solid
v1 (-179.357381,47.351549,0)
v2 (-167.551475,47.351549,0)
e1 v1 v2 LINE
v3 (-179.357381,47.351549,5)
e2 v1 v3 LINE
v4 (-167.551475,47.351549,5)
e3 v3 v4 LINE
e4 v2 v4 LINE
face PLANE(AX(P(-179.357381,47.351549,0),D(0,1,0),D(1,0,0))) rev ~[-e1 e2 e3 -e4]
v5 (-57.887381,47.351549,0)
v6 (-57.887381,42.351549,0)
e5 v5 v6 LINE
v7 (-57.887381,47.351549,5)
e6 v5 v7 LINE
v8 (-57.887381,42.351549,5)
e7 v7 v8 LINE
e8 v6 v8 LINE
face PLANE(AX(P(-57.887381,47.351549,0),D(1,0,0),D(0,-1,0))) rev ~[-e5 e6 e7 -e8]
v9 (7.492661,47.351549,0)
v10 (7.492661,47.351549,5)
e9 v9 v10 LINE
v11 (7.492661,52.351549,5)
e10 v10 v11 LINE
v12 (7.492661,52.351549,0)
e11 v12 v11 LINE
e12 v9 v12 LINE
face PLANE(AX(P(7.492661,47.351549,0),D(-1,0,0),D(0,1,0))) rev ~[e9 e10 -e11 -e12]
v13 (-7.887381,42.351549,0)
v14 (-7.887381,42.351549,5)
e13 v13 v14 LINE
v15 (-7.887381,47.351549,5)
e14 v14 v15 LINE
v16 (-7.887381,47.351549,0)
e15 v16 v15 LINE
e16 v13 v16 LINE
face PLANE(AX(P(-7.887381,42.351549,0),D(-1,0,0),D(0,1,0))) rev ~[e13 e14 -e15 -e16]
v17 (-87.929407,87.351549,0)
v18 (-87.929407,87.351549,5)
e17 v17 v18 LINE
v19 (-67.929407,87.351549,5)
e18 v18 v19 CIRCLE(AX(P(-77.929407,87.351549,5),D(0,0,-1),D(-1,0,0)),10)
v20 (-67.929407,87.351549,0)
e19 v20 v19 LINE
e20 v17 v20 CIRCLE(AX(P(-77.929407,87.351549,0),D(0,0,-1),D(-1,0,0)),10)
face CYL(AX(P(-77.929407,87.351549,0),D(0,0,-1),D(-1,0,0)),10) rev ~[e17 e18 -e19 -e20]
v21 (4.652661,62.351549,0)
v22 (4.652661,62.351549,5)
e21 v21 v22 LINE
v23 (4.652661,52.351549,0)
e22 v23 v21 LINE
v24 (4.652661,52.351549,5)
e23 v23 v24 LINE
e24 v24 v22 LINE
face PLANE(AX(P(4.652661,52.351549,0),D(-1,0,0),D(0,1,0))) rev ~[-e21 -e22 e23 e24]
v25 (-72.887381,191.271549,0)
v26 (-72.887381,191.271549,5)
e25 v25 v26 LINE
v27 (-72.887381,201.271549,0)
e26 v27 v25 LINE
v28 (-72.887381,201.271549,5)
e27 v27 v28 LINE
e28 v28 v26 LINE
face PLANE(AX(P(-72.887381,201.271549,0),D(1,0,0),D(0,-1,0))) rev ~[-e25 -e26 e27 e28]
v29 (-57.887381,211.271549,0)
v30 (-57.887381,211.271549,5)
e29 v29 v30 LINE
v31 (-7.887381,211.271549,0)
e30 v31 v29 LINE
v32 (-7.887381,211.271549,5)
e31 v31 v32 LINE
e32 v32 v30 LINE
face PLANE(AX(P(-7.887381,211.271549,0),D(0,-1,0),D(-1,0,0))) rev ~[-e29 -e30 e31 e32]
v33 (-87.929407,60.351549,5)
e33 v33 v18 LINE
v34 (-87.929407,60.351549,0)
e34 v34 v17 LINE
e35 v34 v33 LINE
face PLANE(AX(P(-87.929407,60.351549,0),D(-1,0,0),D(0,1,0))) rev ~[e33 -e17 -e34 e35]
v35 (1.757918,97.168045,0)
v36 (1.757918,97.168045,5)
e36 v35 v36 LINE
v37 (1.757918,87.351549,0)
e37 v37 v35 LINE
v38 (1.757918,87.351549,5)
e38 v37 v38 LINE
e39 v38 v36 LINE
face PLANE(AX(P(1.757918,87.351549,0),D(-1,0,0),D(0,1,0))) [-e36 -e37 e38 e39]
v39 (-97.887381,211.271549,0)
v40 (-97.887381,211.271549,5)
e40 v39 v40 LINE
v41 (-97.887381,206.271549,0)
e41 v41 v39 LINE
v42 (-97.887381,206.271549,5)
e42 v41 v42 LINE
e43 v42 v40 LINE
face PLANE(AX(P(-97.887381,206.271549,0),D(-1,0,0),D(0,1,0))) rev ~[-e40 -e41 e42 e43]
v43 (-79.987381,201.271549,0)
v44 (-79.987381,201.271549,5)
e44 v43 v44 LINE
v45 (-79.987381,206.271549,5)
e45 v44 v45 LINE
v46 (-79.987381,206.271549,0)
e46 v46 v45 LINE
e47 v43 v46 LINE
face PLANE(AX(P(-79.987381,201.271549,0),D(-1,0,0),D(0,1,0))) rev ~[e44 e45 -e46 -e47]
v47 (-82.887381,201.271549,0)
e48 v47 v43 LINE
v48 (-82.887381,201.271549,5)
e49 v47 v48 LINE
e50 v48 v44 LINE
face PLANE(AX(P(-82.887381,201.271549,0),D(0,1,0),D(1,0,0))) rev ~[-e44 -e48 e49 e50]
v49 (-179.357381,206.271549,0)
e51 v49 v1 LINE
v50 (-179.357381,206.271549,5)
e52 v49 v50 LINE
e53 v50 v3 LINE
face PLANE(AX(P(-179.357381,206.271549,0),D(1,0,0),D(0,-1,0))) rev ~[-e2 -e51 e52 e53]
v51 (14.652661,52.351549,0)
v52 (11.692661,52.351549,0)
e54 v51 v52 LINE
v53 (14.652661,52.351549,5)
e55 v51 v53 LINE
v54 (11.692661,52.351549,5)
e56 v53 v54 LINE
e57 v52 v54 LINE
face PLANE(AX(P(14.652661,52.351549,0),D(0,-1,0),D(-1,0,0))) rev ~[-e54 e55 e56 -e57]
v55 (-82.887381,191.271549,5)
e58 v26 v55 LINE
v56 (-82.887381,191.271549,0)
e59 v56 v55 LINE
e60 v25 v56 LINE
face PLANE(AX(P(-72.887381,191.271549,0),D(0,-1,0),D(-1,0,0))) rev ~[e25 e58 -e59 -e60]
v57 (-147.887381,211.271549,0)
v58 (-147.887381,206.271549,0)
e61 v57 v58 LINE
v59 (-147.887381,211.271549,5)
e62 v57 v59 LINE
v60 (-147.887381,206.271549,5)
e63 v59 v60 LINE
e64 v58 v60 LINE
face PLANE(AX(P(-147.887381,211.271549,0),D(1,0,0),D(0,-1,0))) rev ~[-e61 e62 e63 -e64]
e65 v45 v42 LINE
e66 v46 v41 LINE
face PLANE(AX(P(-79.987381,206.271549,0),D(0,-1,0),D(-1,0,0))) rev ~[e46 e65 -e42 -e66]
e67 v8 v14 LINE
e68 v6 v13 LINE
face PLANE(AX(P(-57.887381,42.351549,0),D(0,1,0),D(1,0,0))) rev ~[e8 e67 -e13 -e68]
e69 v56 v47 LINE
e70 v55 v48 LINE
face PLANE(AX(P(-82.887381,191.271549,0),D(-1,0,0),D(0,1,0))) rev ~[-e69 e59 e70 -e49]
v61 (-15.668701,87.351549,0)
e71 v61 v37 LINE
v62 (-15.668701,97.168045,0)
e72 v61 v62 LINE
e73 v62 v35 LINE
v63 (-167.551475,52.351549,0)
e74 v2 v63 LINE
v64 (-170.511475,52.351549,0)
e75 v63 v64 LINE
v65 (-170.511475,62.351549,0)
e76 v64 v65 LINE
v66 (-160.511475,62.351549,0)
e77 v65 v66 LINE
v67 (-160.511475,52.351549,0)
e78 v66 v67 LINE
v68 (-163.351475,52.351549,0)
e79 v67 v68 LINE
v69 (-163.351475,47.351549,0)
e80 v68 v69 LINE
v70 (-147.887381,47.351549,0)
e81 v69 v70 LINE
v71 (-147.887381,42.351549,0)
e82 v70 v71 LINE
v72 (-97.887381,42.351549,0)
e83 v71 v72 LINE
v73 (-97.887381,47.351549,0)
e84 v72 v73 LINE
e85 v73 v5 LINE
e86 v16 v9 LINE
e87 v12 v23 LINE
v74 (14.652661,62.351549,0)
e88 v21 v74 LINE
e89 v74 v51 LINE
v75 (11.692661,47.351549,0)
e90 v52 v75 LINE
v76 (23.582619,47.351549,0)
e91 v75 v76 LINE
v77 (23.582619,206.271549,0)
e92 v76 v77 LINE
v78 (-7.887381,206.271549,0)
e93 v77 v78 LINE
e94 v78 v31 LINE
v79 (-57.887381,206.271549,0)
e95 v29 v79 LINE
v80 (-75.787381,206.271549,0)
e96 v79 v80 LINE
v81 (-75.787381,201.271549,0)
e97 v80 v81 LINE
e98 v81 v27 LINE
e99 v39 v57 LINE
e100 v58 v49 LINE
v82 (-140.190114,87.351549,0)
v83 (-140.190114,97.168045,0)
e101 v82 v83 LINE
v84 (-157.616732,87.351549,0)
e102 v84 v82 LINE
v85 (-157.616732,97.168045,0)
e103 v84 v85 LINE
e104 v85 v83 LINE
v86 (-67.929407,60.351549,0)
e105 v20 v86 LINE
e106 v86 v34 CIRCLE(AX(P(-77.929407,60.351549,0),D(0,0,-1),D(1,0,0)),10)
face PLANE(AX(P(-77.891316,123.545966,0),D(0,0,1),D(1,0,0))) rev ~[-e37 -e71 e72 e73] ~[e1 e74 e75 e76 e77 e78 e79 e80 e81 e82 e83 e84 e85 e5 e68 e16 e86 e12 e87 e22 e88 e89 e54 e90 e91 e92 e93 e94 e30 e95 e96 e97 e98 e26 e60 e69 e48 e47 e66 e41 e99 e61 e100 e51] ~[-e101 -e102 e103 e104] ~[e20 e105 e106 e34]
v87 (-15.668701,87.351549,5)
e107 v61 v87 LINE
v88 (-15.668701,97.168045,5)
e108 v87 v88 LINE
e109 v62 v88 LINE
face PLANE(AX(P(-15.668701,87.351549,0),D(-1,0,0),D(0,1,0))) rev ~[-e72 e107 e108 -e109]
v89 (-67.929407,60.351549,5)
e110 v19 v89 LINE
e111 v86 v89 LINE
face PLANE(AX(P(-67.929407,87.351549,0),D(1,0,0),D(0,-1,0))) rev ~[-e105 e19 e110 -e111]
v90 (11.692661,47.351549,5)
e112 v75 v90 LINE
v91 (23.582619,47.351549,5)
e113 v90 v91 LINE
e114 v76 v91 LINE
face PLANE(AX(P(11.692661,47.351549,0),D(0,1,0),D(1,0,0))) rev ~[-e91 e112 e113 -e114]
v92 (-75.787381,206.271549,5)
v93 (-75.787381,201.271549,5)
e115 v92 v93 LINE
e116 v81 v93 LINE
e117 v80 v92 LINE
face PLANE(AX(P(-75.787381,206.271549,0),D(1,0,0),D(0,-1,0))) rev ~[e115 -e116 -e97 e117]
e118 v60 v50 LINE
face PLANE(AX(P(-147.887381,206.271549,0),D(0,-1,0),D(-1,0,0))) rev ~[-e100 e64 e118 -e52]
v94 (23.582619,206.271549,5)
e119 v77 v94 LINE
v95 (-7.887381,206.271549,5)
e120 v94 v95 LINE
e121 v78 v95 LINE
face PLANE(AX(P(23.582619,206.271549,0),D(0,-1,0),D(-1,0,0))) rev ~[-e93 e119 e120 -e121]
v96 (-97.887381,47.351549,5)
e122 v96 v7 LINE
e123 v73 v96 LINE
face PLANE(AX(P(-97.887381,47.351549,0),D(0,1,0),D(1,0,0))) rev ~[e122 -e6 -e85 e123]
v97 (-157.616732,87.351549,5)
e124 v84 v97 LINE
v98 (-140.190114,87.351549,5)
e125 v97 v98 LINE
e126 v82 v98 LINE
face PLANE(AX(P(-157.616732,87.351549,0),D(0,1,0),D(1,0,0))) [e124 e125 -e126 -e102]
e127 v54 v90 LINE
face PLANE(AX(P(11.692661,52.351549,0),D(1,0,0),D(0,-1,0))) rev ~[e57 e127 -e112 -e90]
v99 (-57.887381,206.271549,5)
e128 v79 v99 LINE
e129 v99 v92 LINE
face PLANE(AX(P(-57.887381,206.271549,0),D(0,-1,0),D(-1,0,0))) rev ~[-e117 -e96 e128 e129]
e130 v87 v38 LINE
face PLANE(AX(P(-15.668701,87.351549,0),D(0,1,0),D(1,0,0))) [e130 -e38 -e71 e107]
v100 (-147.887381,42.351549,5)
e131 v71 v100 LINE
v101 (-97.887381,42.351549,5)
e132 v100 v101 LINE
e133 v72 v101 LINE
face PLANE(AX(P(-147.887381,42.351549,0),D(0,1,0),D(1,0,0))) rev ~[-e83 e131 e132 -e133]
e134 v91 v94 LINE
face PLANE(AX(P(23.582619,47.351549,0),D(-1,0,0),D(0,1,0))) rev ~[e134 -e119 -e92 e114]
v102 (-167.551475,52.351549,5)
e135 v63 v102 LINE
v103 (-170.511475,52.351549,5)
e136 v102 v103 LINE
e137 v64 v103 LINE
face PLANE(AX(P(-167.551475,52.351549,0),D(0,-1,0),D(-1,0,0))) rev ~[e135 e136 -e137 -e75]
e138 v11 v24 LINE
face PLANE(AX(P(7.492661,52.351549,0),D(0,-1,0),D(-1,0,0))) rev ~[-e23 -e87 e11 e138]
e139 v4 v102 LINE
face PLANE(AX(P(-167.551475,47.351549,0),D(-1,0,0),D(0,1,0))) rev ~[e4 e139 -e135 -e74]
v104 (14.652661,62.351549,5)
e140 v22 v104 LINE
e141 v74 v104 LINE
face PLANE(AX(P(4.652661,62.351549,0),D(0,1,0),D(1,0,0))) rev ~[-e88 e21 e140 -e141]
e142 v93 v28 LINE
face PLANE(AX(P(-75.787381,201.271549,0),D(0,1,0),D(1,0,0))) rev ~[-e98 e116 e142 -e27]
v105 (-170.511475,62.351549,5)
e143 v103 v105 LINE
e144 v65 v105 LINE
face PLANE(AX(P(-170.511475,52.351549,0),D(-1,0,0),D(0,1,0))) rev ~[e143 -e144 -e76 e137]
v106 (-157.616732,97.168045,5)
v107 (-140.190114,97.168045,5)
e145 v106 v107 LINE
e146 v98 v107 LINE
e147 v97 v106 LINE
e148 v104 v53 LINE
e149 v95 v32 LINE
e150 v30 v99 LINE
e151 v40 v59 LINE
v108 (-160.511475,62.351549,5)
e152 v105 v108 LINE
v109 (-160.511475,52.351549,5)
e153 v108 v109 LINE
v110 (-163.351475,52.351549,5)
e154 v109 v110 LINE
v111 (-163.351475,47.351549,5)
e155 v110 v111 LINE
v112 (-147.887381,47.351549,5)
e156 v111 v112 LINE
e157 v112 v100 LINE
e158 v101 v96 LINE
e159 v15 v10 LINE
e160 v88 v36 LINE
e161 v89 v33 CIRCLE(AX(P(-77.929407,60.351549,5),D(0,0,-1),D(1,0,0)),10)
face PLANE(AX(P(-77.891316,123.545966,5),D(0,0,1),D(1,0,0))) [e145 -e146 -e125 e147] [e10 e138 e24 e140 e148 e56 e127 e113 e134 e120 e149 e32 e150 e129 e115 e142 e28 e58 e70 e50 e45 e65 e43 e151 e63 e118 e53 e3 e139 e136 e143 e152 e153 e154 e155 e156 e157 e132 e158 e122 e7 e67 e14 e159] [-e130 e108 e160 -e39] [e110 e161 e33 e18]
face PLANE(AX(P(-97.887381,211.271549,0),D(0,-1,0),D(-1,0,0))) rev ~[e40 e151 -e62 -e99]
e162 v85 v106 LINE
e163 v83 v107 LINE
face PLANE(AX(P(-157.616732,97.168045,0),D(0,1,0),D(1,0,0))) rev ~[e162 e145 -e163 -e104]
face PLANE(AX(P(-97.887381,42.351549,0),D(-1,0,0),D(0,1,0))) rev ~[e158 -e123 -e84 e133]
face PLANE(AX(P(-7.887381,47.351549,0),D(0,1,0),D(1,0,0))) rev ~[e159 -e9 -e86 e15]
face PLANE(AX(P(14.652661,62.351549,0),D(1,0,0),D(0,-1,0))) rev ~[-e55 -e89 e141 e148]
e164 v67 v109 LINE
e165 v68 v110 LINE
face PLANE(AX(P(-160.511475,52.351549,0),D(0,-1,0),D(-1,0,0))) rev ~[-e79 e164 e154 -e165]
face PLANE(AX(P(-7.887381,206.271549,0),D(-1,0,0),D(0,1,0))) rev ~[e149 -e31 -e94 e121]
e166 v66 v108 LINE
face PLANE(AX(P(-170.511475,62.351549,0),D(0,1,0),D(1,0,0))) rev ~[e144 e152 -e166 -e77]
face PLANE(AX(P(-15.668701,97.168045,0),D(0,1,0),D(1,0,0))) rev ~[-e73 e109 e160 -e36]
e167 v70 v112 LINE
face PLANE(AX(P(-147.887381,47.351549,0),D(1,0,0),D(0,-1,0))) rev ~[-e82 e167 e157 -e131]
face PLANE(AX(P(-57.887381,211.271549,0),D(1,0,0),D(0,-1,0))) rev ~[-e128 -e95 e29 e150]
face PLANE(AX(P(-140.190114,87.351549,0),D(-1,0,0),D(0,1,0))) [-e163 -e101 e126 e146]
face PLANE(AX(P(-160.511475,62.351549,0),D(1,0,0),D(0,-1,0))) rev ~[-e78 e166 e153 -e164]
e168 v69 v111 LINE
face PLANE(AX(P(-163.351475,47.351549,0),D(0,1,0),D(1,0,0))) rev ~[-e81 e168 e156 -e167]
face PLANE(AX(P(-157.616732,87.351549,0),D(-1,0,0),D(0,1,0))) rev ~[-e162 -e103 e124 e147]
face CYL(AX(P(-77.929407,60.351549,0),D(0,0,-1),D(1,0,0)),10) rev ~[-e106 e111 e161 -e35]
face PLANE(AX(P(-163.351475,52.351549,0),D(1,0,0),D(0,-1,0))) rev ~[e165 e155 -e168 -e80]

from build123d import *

# Parameters (mm, degrees)
ESQUISSE1_W        = 17.426618769
ESQUISSE1_H        = 9.816495883
BOSS_EXTRU_2_DEPTH = 5


with BuildPart() as part:
    # Esquisse1 → Boss.-Extru.2 (new body)
    with BuildSketch(Plane.XY):
        Polygon((-179.357380563, 206.271549111), (-179.357380563, 47.351549111), (-167.551475198, 47.351549111), (-167.551475198, 52.351549111), (-170.511475198, 52.351549111), (-170.511475198, 62.351549111), (-160.511475198, 62.351549111), (-160.511475198, 52.351549111), (-163.351475198, 52.351549111), (-163.351475198, 47.351549111), (-161.517380563, 47.351549111), (-147.887380563, 47.351549111), (-147.887380563, 42.351549111), (-97.887380563, 42.351549111), (-97.887380563, 47.351549111), (-79.987380563, 47.351549111), (-73.667421864, 47.351549111), (-57.887380563, 47.351549111), (-57.887380563, 42.351549111), (-7.887380563, 42.351549111), (-7.887380563, 47.351549111), (7.492660738, 47.351549111), (7.492660738, 52.351549111), (4.652660738, 52.351549111), (4.652660738, 62.351549111), (14.652660738, 62.351549111), (14.652660738, 52.351549111), (11.692660738, 52.351549111), (11.692660738, 47.351549111), (18.012619437, 47.351549111), (23.582619437, 47.351549111), (23.582619437, 206.271549111), (-7.887380563, 206.271549111), (-7.887380563, 211.271549111), (-57.887380563, 211.271549111), (-57.887380563, 206.271549111), (-73.667421864, 206.271549111), (-75.787380563, 206.271549111), (-75.787380563, 201.271549111), (-72.887380563, 201.271549111), (-72.887380563, 191.271549111), (-82.887380563, 191.271549111), (-82.887380563, 201.271549111), (-79.987380563, 201.271549111), (-79.987380563, 206.271549111), (-97.887380563, 206.271549111), (-97.887380563, 211.271549111), (-147.887380563, 211.271549111), (-147.887380563, 206.271549111), align=None)
        with BuildLine():
            Line((-87.92940723, 60.351549111), (-87.92940723, 87.351549111))
            ThreePointArc((-87.92940723, 87.351549111), (-77.92940723, 97.351549111), (-67.92940723, 87.351549111))
            Line((-67.92940723, 87.351549111), (-67.92940723, 60.351549111))
            ThreePointArc((-67.92940723, 60.351549111), (-77.92940723, 50.351549111), (-87.92940723, 60.351549111))
        make_face(mode=Mode.SUBTRACT)
        with Locations((-6.955391392, 92.259797053)):
            Rectangle(ESQUISSE1_W, ESQUISSE1_H, mode=Mode.SUBTRACT)
        with Locations((-148.903423068, 92.259797053)):
            Rectangle(ESQUISSE1_W, ESQUISSE1_H, mode=Mode.SUBTRACT)
    extrude(amount=BOSS_EXTRU_2_DEPTH)


solid = part.part
